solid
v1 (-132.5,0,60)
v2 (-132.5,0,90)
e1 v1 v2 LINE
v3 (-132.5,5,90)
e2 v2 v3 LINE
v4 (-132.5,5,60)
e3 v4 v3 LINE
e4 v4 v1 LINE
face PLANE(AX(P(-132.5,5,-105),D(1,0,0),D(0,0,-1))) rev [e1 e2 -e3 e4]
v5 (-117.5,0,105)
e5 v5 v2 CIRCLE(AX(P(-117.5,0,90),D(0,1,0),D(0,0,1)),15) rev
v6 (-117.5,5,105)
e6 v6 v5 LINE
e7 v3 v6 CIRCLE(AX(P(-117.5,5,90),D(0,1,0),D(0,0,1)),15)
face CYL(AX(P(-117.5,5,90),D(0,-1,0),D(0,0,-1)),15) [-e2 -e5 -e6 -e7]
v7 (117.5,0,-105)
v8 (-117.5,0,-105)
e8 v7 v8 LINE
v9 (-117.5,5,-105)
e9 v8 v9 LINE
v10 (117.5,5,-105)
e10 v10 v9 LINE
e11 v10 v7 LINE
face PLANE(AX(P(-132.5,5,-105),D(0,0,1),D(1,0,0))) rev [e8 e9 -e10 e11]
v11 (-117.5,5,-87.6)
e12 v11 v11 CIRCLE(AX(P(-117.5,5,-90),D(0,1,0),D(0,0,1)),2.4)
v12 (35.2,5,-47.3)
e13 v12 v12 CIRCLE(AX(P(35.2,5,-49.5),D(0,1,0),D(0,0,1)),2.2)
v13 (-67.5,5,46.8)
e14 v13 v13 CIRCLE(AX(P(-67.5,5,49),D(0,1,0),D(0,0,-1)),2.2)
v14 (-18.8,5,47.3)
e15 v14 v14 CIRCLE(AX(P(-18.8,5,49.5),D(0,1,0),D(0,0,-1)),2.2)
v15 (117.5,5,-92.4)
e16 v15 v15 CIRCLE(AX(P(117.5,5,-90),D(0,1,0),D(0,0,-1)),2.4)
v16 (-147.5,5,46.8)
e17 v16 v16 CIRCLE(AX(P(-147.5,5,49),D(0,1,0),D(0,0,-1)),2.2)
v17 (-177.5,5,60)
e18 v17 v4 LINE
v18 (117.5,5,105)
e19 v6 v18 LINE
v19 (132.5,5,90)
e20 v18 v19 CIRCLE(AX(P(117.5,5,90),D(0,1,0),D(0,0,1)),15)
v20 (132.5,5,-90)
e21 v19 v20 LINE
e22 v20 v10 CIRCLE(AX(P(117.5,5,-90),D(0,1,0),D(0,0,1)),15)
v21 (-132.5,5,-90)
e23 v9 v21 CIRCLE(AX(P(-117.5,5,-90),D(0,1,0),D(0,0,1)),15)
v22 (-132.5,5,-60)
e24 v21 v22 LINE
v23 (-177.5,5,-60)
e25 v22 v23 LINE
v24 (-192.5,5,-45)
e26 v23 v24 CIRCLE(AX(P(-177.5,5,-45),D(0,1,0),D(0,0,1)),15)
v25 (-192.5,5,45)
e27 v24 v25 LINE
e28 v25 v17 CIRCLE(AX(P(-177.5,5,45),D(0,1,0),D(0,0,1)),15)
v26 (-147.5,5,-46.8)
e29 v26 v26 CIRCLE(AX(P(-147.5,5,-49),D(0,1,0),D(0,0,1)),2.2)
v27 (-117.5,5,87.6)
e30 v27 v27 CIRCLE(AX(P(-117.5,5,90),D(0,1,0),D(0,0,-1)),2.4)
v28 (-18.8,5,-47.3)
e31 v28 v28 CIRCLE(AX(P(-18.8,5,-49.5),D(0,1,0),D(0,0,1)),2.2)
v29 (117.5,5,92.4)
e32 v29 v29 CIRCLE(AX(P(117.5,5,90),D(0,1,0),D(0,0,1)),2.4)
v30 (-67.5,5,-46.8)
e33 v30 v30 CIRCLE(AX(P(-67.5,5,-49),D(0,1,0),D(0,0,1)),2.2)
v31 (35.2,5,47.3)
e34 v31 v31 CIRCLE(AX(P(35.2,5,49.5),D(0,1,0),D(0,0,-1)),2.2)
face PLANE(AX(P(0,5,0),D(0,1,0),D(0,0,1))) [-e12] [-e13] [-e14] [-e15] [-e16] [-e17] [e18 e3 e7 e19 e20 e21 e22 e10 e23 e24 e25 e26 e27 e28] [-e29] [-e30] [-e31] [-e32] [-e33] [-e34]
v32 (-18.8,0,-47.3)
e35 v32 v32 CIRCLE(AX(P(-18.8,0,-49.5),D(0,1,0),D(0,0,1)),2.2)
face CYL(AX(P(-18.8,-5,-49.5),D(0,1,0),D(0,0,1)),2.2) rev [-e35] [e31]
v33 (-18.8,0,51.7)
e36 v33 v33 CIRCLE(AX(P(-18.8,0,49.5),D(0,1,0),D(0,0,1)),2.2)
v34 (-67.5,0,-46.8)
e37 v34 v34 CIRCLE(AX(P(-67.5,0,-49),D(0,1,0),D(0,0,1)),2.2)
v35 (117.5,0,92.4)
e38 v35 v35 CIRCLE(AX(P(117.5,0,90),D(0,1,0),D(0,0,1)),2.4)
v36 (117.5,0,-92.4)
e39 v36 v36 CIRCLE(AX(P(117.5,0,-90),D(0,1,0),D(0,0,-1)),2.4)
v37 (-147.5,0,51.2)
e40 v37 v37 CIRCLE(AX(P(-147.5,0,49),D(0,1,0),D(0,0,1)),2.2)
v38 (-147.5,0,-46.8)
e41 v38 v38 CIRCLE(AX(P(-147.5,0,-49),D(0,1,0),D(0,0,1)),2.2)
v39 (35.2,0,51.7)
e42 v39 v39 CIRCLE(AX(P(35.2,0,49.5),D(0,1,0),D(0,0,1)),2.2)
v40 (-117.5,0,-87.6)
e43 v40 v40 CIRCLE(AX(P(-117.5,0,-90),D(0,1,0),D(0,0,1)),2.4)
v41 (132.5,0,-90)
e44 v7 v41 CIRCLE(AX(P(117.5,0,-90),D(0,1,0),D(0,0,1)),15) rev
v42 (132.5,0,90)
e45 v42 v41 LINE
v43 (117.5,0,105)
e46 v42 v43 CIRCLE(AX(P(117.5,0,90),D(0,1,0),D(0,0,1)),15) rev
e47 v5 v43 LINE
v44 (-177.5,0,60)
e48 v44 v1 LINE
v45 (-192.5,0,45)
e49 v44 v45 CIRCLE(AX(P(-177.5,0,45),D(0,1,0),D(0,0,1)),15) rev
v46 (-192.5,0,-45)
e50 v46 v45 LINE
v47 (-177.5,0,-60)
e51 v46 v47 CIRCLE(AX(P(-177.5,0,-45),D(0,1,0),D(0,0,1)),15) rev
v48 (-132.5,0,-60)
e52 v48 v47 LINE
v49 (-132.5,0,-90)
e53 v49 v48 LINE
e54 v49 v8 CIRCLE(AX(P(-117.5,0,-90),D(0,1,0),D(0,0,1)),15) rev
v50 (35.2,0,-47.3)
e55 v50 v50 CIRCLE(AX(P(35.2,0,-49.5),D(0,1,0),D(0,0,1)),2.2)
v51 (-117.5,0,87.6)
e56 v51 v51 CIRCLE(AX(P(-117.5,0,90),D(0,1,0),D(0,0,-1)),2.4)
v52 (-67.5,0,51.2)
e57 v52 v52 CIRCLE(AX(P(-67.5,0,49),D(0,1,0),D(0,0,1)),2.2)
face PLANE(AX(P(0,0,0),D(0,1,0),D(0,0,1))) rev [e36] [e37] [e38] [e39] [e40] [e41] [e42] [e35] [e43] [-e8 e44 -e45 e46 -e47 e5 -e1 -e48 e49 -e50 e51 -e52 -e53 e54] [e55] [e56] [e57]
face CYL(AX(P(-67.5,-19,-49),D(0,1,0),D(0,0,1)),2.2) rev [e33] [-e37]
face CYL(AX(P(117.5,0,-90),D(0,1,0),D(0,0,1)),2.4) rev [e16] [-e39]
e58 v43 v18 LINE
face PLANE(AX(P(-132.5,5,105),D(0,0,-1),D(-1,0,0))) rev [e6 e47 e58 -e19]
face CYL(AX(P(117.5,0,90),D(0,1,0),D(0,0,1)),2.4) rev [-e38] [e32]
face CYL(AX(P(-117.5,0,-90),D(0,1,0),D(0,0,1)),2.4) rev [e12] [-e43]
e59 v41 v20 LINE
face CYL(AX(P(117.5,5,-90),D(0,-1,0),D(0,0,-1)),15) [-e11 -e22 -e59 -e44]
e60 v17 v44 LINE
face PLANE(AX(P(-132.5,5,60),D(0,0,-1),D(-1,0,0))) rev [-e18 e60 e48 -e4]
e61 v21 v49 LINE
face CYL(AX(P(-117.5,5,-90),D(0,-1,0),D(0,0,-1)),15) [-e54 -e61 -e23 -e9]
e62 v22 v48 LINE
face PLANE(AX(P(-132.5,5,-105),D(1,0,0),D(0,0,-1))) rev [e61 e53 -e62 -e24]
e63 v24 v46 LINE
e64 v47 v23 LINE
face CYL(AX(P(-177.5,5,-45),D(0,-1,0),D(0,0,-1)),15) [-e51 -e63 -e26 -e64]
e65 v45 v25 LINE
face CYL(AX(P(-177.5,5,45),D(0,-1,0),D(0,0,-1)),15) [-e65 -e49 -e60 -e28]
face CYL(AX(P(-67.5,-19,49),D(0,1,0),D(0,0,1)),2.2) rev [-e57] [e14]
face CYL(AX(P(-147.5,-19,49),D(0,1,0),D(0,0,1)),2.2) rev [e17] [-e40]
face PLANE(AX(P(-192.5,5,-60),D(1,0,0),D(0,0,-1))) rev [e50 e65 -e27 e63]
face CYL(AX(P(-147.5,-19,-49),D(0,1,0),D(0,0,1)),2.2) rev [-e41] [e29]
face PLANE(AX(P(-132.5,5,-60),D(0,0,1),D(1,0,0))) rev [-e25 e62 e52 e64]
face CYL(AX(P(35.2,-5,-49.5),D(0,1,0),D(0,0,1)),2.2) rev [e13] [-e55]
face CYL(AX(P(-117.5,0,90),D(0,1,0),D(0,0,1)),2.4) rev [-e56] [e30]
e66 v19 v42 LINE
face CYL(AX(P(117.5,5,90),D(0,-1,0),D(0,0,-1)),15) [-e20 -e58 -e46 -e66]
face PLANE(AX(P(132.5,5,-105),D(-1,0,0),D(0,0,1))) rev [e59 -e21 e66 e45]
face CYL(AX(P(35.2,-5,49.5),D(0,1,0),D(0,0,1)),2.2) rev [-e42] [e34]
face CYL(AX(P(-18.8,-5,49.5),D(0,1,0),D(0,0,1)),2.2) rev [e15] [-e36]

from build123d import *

# Parameters (mm, degrees)
SKETCH_1_W          = 265
SKETCH_1_H          = 210
EXTRUDE_1_DEPTH     = 5
SKETCH_3_R          = 2.4
CUT_EXTRUDE_1_DEPTH = 5
FILLET_1_R          = 15
SKETCH_4_W          = 60
SKETCH_4_H          = 120
EXTRUDE_3_DEPTH     = 5
FILLET_2_R          = 15
SKETCH_6_R          = 2.2
CUT_EXTRUDE_2_DEPTH = 24
SKETCH_7_R          = 2.2
CUT_EXTRUDE_3_DEPTH = 10


with BuildPart() as part:
    # 草图1 → 凸台-拉伸1 (new body)
    with BuildSketch(Plane(origin=(0, 0, 0), x_dir=(1, 0, 0), z_dir=(0, 1, 0))):
        Rectangle(SKETCH_1_W, SKETCH_1_H)
    extrude(amount=EXTRUDE_1_DEPTH)

    # 草图3 → 切除-拉伸1 (cut)
    with BuildSketch(Plane(origin=(0, 5, 0), x_dir=(1, 0, 0), z_dir=(0, 1, 0))):
        with Locations(Location((-117.5, 90, 0), (0, 0, 270))):
            Circle(SKETCH_3_R)
        with Locations(Location((117.5, 90, 0), (0, 0, 90))):
            Circle(SKETCH_3_R)
        with Locations(Location((117.5, -90, 0), (0, 0, 270))):
            Circle(SKETCH_3_R)
        with Locations(Location((-117.5, -90, 0), (0, 0, 90))):
            Circle(SKETCH_3_R)
    extrude(amount=-CUT_EXTRUDE_1_DEPTH, mode=Mode.SUBTRACT)

    # 圆角1
    fillet_1_edges = [part.edges().sort_by_distance(p)[0] for p in [
        (-132.5, 2.5, -105),
        (132.5, 2.5, -105),
        (132.5, 2.5, 105),
        (-132.5, 2.5, 105),
    ]]
    fillet(fillet_1_edges, radius=FILLET_1_R)

    # 草图4 → 凸台-拉伸3 (add)
    with BuildSketch(Plane(origin=(0, 0, 0), x_dir=(1, 0, 0), z_dir=(0, 1, 0))):
        with Locations((-162.5, 0)):
            Rectangle(SKETCH_4_W, SKETCH_4_H)
    extrude(amount=EXTRUDE_3_DEPTH)

    # 圆角2
    fillet_2_edges = [part.edges().sort_by_distance(p)[0] for p in [
        (-192.5, 2.5, -60),
        (-192.5, 2.5, 60),
    ]]
    fillet(fillet_2_edges, radius=FILLET_2_R)

    # 草图6 → 切除-拉伸2 (cut)
    with BuildSketch(Plane(origin=(0, 5, 0), x_dir=(1, 0, 0), z_dir=(0, 1, 0))):
        with Locations(Location((-147.5, 49, 0), (0, 0, 270))):
            Circle(SKETCH_6_R)
        with Locations(Location((-67.5, 49, 0), (0, 0, 270))):
            Circle(SKETCH_6_R)
        with Locations(Location((-67.5, -49, 0), (0, 0, 270))):
            Circle(SKETCH_6_R)
        with Locations(Location((-147.5, -49, 0), (0, 0, 270))):
            Circle(SKETCH_6_R)
    extrude(amount=-CUT_EXTRUDE_2_DEPTH, mode=Mode.SUBTRACT)

    # 草图7 → 切除-拉伸3 (cut)
    with BuildSketch(Plane(origin=(0, 5, 0), x_dir=(1, 0, 0), z_dir=(0, 1, 0))):
        with Locations(Location((-18.8, 49.5, 0), (0, 0, 270))):
            Circle(SKETCH_7_R)
        with Locations(Location((35.2, 49.5, 0), (0, 0, 270))):
            Circle(SKETCH_7_R)
        with Locations(Location((35.2, -49.5, 0), (0, 0, 270))):
            Circle(SKETCH_7_R)
        with Locations(Location((-18.8, -49.5, 0), (0, 0, 270))):
            Circle(SKETCH_7_R)
    extrude(amount=-CUT_EXTRUDE_3_DEPTH, mode=Mode.SUBTRACT)


solid = part.part
